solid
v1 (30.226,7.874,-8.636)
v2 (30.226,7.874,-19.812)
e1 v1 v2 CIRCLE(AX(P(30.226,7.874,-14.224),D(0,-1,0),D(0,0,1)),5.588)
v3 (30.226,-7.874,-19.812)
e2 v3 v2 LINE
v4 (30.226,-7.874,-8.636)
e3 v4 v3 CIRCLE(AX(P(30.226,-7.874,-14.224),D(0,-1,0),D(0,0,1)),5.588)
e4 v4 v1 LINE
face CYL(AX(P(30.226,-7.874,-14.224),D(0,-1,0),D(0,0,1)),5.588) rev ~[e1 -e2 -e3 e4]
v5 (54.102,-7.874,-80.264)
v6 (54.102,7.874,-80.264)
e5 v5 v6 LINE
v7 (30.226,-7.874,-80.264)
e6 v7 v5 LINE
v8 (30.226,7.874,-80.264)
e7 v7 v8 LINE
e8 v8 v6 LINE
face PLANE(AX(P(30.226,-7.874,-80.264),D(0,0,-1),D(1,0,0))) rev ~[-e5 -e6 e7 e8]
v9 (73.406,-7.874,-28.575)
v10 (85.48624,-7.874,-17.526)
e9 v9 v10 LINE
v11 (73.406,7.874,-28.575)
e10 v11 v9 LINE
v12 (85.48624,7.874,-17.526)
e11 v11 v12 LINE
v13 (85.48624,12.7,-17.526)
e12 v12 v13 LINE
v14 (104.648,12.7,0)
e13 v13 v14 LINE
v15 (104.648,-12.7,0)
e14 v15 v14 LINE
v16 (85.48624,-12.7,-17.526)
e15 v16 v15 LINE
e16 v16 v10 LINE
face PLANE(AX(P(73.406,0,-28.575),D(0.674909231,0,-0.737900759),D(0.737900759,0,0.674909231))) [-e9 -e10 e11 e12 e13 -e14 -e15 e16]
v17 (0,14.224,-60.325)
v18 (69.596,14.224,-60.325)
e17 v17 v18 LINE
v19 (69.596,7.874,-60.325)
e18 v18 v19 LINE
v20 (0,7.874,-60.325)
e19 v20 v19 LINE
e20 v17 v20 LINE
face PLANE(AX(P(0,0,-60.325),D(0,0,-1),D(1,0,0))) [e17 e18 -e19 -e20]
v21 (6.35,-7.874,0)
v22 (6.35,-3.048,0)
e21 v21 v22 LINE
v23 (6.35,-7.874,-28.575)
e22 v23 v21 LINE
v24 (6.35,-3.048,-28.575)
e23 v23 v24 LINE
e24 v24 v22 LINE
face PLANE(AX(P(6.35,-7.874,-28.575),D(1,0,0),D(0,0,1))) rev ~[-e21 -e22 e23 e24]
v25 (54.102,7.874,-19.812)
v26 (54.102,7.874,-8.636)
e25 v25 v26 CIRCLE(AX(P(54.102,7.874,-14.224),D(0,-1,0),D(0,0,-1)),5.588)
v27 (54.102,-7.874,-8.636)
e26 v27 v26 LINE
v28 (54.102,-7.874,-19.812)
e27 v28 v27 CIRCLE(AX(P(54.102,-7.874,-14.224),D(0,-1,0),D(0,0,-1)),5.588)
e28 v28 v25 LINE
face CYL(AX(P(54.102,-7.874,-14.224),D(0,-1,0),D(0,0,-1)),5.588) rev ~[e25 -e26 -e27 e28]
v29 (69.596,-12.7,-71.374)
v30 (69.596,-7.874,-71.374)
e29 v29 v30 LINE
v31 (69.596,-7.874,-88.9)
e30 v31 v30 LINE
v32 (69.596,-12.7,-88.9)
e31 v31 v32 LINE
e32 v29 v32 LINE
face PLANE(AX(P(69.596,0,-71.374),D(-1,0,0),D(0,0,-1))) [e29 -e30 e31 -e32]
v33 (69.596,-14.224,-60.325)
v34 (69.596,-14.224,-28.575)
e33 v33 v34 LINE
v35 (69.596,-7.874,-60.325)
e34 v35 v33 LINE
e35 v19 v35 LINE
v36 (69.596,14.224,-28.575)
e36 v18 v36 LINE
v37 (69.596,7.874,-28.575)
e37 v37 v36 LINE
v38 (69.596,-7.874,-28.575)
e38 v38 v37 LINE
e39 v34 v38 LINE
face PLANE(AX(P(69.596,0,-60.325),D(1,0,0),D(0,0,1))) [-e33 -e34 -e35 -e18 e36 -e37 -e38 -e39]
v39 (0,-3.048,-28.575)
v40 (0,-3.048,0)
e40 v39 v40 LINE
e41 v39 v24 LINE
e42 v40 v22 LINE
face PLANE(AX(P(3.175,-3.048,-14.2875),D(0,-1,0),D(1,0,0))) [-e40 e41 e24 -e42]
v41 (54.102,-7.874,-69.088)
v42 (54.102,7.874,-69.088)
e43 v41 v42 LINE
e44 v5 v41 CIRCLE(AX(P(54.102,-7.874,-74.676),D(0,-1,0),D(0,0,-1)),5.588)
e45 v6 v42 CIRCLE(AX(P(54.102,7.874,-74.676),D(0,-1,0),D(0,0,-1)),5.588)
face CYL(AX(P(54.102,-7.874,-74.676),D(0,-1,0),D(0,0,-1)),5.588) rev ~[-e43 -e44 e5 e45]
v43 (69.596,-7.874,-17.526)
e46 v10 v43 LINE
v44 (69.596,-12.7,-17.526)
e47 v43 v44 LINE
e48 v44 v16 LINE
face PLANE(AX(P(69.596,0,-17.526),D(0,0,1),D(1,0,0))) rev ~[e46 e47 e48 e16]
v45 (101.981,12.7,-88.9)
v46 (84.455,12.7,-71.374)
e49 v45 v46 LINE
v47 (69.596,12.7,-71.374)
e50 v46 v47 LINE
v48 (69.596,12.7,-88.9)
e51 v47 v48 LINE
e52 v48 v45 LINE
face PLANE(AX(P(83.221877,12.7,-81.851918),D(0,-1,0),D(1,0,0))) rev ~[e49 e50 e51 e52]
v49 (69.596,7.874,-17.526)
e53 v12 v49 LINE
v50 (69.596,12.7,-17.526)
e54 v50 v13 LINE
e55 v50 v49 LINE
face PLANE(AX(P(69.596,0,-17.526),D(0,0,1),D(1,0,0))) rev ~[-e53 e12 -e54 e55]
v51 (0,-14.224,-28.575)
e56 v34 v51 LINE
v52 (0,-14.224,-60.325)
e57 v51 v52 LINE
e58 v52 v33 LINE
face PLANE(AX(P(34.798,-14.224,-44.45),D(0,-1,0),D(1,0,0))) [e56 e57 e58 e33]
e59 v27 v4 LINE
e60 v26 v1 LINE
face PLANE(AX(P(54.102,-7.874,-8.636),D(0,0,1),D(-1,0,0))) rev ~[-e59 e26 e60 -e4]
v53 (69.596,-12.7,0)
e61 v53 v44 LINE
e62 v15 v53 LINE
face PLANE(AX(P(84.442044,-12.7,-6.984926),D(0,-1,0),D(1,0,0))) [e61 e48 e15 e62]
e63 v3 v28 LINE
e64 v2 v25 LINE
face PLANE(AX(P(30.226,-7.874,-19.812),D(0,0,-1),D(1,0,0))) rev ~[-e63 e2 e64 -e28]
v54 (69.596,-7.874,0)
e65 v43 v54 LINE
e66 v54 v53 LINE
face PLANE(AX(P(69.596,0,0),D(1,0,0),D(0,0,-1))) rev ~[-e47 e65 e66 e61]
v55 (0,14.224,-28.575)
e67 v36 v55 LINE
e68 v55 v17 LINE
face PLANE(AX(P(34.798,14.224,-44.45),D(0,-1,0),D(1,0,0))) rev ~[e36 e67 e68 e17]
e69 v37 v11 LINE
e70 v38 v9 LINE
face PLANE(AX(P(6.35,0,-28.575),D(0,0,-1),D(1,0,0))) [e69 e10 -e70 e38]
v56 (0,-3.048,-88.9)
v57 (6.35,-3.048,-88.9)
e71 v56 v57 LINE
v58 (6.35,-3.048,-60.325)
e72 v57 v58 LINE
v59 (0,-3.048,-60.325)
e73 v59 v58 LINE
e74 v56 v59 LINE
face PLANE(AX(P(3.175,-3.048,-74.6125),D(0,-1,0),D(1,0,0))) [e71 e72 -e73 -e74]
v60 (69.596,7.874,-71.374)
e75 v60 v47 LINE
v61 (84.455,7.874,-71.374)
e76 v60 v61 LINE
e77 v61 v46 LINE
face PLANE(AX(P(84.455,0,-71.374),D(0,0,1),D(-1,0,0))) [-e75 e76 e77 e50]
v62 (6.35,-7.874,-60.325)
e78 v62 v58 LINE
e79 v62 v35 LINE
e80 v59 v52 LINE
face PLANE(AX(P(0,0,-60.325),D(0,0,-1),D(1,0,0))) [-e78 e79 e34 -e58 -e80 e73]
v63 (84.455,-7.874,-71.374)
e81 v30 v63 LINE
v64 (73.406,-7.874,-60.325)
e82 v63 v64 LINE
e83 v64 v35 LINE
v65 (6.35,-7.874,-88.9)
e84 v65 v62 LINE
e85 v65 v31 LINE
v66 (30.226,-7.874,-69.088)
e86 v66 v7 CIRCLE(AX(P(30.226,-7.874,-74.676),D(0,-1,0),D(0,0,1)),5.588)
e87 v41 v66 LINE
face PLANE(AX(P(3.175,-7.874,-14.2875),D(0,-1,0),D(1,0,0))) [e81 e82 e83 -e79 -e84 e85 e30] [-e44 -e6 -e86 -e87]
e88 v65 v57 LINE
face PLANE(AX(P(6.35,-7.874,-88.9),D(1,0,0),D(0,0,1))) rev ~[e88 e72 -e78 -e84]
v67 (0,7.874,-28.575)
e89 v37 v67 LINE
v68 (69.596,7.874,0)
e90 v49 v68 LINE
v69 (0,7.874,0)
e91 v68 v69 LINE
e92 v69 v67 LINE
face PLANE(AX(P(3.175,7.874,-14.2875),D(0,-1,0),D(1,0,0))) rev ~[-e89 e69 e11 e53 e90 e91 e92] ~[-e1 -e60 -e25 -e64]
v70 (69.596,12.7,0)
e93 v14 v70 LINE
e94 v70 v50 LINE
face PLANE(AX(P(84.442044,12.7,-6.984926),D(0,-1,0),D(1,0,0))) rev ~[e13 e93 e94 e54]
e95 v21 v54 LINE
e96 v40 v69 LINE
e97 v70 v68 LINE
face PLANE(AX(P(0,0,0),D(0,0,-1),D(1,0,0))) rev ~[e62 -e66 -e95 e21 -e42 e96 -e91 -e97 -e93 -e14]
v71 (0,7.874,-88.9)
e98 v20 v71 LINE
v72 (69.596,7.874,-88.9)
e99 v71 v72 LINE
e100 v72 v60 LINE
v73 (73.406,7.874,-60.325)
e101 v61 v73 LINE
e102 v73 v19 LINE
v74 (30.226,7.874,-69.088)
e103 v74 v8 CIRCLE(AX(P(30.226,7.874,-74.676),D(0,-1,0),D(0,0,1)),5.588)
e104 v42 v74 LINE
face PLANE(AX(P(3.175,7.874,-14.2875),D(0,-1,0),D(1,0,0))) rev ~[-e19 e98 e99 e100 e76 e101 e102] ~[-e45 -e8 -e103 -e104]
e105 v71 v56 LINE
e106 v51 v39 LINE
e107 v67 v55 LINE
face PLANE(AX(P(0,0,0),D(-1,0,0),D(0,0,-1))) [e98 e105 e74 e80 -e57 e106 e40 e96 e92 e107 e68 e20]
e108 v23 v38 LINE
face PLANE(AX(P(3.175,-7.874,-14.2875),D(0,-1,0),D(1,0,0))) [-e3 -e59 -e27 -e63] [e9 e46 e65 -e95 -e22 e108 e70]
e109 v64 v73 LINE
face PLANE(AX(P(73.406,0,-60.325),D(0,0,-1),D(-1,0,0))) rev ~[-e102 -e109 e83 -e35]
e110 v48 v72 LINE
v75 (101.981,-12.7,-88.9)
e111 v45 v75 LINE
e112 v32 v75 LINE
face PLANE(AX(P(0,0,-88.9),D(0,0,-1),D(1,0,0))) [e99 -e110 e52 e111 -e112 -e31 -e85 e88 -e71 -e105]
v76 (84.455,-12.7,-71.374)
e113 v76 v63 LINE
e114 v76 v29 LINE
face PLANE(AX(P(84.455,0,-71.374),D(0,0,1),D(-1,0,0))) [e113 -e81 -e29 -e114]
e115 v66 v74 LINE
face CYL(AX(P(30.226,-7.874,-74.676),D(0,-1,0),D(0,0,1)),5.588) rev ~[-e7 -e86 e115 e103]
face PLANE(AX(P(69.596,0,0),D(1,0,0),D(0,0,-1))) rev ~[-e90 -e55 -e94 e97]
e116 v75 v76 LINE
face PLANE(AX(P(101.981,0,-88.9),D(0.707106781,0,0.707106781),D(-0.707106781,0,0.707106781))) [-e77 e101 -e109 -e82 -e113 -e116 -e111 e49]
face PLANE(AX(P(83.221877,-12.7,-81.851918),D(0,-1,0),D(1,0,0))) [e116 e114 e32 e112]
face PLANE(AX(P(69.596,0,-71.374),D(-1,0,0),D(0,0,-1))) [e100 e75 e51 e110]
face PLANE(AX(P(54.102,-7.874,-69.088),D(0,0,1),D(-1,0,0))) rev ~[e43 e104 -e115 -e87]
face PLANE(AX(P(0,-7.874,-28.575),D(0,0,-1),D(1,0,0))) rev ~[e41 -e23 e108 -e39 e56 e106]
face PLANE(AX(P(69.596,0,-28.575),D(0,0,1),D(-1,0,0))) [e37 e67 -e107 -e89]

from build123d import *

# Parameters (mm, degrees)
F1_DEPTH = 14.224
F2_DEPTH = 7.874
F3_DEPTH = 12.7
F0_W     = 6.35
F0_H     = 28.575
F4_DEPTH = 7.874
F5_W     = 6.35
F5_H     = 28.575
F6_DEPTH = 4.826
F8_DEPTH = 22.099


with BuildPart() as f1:
    # F0 (on Front) → F1 (new body, symmetric)
    with BuildSketch(Plane.XZ):
        Polygon((6.35, -28.575), (0, -28.575), (0, -44.45), (0, -60.325), (6.35, -60.325), (69.596, -60.325), (69.596, -28.575), align=None)
    extrude(amount=F1_DEPTH, both=True)

    # F0 (on Front) → F2 (join, symmetric)
    with BuildSketch(Plane.XZ):
        Polygon((69.596, -60.325), (6.35, -60.325), (6.35, -88.9), (69.596, -88.9), (69.596, -71.374), (84.455, -71.374), (73.406, -60.325), align=None)
        Polygon((69.596, 0), (6.35, 0), (6.35, -28.575), (69.596, -28.575), (73.406, -28.575), (85.48624, -17.526), (69.596, -17.526), align=None)
    extrude(amount=F2_DEPTH, both=True)

    # F0 (on Front) → F3 (join, symmetric)
    with BuildSketch(Plane.XZ):
        Polygon((104.648, 0), (69.596, 0), (69.596, -17.526), (85.48624, -17.526), align=None)
        Polygon((69.596, -71.374), (69.596, -88.9), (101.981, -88.9), (84.455, -71.374), align=None)
    extrude(amount=F3_DEPTH, both=True)

    # F0 (on Front) → F4 (join, symmetric)
    with BuildSketch(Plane.XZ):
        with Locations((3.175, -14.2875)):
            Rectangle(F0_W, F0_H)
        Polygon((6.35, -28.575), (0, -28.575), (0, -44.45), (0, -60.325), (6.35, -60.325), (69.596, -60.325), (69.596, -28.575), align=None)
        with Locations((3.175, -74.6125)):
            Rectangle(F0_W, F0_H)
    extrude(amount=F4_DEPTH, both=True)

    # F5 (on face) → F6 (cut)
    with BuildSketch(Plane.XZ.offset(7.874)):
        with Locations((3.175, -14.2875)):
            Rectangle(F5_W, F5_H)
        with Locations((3.175, -74.6125)):
            Rectangle(F5_W, F5_H)
    extrude(amount=-F6_DEPTH, mode=Mode.SUBTRACT)

    # F7 (on face) → F8 (cut, through all)
    with BuildSketch(Plane.XZ.offset(7.874)):
        with BuildLine():
            Line((54.102, -8.636), (30.226, -8.636))
            ThreePointArc((30.226, -8.636), (24.638, -14.224), (30.226, -19.812))
            Line((30.226, -19.812), (54.102, -19.812))
            ThreePointArc((54.102, -19.812), (59.69, -14.224), (54.102, -8.636))
        make_face()
        with BuildLine():
            ThreePointArc((30.226, -69.088), (24.638, -74.676), (30.226, -80.264))
            Line((30.226, -80.264), (54.102, -80.264))
            ThreePointArc((54.102, -80.264), (59.69, -74.676), (54.102, -69.088))
            Line((54.102, -69.088), (30.226, -69.088))
        make_face()
    extrude(amount=-F8_DEPTH, mode=Mode.SUBTRACT)


solid = f1.part
